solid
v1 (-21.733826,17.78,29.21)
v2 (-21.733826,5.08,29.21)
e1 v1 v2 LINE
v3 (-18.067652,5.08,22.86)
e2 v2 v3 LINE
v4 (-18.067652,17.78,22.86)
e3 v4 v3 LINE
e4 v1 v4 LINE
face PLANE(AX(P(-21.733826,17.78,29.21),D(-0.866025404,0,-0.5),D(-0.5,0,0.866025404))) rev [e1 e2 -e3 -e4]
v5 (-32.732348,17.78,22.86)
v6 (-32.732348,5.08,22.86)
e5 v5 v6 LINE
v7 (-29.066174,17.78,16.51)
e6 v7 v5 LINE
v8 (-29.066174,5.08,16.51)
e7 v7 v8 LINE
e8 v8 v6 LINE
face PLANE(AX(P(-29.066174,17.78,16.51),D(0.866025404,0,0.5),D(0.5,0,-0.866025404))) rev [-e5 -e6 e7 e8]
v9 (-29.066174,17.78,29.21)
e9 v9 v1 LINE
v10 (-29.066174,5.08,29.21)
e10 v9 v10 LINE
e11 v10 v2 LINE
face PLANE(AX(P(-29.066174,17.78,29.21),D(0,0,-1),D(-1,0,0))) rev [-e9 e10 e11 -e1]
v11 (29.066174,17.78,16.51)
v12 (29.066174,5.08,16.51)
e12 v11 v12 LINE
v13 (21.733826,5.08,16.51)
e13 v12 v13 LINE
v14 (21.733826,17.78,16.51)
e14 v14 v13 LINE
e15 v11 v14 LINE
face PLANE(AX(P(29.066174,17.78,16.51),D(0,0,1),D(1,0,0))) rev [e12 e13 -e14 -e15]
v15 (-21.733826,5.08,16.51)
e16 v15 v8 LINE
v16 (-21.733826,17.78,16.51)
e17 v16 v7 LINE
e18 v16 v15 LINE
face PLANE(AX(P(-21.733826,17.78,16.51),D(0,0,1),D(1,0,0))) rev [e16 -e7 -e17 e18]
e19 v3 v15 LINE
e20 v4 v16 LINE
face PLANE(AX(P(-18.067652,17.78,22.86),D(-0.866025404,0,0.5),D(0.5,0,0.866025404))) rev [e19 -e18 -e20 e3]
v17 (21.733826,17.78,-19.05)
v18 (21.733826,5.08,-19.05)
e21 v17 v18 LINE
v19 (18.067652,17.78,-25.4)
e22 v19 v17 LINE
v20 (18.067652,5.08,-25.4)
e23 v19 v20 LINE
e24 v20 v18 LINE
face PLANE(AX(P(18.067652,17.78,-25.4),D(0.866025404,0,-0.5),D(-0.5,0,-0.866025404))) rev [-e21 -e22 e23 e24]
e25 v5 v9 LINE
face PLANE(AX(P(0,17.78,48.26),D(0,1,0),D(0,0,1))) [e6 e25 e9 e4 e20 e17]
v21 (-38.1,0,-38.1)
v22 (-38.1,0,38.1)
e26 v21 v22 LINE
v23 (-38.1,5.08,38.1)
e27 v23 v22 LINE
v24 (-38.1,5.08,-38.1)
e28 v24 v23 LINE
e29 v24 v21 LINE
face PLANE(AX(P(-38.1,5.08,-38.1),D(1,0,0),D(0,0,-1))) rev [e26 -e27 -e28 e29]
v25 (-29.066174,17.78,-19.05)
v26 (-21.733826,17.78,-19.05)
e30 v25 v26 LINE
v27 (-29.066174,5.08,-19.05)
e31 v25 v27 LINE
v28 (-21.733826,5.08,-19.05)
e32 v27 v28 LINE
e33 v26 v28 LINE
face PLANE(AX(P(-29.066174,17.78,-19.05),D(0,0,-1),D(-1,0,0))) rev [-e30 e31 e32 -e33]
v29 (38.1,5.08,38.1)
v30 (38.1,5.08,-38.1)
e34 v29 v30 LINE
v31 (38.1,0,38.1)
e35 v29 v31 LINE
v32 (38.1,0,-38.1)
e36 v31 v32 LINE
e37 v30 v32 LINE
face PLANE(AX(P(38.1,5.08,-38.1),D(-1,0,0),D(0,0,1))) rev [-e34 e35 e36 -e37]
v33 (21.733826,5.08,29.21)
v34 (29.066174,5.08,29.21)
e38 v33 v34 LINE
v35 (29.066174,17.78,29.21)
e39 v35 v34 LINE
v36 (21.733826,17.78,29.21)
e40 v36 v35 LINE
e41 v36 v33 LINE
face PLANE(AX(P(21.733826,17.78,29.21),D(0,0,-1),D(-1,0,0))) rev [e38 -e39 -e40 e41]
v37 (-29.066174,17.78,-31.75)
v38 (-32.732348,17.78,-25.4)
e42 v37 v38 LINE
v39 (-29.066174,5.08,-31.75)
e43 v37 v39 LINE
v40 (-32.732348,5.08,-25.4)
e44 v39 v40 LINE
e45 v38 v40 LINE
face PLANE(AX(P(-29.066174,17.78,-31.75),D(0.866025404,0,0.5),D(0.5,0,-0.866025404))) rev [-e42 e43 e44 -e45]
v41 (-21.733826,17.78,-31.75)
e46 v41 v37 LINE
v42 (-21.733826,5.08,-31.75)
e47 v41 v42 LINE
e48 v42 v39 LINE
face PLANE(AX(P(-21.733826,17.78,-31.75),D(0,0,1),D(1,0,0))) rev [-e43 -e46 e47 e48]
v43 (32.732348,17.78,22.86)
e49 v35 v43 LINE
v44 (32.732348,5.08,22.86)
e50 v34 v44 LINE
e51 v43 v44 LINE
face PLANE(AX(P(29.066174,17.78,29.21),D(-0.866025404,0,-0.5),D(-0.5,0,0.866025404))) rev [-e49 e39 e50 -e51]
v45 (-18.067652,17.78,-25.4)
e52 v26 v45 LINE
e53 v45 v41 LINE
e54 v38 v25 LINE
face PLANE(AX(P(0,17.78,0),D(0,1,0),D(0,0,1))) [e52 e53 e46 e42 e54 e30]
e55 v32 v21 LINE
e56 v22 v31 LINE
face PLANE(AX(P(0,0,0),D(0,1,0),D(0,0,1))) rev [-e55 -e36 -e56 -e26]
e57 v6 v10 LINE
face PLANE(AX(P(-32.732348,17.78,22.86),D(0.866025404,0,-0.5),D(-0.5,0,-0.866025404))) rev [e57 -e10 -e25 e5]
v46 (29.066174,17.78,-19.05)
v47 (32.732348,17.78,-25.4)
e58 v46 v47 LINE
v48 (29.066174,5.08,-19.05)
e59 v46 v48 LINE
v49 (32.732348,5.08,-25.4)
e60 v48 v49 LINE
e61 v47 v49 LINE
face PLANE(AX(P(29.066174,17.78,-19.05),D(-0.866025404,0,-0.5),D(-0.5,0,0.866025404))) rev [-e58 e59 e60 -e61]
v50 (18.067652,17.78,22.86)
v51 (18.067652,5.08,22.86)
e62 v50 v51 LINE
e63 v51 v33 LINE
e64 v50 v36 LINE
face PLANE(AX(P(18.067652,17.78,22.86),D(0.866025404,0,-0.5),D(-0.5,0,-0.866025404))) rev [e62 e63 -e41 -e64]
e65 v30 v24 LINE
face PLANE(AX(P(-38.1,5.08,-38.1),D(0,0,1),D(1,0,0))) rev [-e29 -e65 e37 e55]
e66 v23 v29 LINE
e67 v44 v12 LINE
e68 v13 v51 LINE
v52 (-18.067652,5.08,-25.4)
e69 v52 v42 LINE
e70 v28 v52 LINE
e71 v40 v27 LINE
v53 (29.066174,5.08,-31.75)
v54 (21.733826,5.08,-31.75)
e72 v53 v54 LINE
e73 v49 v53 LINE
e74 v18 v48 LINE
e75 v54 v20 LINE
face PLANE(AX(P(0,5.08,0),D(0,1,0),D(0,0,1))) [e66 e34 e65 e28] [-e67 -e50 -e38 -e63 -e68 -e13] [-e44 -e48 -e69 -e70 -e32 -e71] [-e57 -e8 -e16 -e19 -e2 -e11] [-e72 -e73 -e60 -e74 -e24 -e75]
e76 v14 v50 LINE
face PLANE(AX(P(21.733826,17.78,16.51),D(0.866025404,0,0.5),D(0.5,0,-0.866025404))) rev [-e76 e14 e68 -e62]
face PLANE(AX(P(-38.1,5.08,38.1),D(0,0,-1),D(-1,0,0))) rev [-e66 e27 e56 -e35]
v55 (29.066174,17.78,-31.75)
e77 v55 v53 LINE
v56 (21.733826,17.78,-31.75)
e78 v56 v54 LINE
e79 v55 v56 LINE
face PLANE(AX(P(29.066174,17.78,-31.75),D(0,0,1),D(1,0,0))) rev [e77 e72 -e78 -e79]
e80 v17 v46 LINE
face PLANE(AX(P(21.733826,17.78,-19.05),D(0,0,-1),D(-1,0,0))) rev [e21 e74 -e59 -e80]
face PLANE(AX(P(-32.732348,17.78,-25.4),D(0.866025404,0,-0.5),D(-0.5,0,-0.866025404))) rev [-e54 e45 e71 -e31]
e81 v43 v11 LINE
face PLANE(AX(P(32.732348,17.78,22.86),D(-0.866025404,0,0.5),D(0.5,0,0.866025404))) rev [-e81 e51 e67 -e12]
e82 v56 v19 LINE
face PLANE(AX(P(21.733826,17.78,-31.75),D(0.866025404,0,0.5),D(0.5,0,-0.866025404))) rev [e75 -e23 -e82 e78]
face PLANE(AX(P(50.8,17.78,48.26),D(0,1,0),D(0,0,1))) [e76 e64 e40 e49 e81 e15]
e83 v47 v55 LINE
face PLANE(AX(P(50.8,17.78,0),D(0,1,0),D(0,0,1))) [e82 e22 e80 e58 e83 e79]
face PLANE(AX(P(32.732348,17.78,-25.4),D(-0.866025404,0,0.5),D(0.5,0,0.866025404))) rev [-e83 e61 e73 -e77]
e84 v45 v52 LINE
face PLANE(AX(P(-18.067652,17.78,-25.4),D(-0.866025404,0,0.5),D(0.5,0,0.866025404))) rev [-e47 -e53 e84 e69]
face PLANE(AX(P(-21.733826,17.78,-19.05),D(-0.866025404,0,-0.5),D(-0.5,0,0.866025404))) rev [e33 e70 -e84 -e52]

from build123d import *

# Parameters (mm, degrees)
SKETCH1_W            = 76.2
SKETCH1_H            = 76.2
BOSS_EXTRUDE1_DEPTH  = 5.08
BOSS_EXTRUDE2_DEPTH  = 12.7
LPATTERN1_COUNT      = 2
LPATTERN1_PITCH      = 50.8
LPATTERN1_COUNT_DIR2 = 2
LPATTERN1_PITCH_DIR2 = 48.26


with BuildPart() as part:
    # Sketch1 → Boss-Extrude1 (new body)
    with BuildSketch(Plane(origin=(0, 0, 0), x_dir=(1, 0, 0), z_dir=(0, 1, 0))):
        Rectangle(SKETCH1_W, SKETCH1_H)
    extrude(amount=BOSS_EXTRUDE1_DEPTH)

    # Sketch2 → Boss-Extrude2 (add)
    with BuildSketch(Plane(origin=(0, 5.08, 0), x_dir=(1, 0, 0), z_dir=(0, 1, 0))):
        Polygon((-21.733825791, 19.05), (-18.067651581, 25.4), (-21.733825791, 31.75), (-29.066174209, 31.75), (-32.732348419, 25.4), (-29.066174209, 19.05), align=None)
    boss_extrude2 = extrude(amount=BOSS_EXTRUDE2_DEPTH)

    # LPattern1: Boss-Extrude2 2 × 2
    with Locations(*[(i * LPATTERN1_PITCH, 0, j * LPATTERN1_PITCH_DIR2) for i in range(LPATTERN1_COUNT) for j in range(LPATTERN1_COUNT_DIR2) if (i, j) != (0, 0)]):
        add(boss_extrude2)


solid = part.part
